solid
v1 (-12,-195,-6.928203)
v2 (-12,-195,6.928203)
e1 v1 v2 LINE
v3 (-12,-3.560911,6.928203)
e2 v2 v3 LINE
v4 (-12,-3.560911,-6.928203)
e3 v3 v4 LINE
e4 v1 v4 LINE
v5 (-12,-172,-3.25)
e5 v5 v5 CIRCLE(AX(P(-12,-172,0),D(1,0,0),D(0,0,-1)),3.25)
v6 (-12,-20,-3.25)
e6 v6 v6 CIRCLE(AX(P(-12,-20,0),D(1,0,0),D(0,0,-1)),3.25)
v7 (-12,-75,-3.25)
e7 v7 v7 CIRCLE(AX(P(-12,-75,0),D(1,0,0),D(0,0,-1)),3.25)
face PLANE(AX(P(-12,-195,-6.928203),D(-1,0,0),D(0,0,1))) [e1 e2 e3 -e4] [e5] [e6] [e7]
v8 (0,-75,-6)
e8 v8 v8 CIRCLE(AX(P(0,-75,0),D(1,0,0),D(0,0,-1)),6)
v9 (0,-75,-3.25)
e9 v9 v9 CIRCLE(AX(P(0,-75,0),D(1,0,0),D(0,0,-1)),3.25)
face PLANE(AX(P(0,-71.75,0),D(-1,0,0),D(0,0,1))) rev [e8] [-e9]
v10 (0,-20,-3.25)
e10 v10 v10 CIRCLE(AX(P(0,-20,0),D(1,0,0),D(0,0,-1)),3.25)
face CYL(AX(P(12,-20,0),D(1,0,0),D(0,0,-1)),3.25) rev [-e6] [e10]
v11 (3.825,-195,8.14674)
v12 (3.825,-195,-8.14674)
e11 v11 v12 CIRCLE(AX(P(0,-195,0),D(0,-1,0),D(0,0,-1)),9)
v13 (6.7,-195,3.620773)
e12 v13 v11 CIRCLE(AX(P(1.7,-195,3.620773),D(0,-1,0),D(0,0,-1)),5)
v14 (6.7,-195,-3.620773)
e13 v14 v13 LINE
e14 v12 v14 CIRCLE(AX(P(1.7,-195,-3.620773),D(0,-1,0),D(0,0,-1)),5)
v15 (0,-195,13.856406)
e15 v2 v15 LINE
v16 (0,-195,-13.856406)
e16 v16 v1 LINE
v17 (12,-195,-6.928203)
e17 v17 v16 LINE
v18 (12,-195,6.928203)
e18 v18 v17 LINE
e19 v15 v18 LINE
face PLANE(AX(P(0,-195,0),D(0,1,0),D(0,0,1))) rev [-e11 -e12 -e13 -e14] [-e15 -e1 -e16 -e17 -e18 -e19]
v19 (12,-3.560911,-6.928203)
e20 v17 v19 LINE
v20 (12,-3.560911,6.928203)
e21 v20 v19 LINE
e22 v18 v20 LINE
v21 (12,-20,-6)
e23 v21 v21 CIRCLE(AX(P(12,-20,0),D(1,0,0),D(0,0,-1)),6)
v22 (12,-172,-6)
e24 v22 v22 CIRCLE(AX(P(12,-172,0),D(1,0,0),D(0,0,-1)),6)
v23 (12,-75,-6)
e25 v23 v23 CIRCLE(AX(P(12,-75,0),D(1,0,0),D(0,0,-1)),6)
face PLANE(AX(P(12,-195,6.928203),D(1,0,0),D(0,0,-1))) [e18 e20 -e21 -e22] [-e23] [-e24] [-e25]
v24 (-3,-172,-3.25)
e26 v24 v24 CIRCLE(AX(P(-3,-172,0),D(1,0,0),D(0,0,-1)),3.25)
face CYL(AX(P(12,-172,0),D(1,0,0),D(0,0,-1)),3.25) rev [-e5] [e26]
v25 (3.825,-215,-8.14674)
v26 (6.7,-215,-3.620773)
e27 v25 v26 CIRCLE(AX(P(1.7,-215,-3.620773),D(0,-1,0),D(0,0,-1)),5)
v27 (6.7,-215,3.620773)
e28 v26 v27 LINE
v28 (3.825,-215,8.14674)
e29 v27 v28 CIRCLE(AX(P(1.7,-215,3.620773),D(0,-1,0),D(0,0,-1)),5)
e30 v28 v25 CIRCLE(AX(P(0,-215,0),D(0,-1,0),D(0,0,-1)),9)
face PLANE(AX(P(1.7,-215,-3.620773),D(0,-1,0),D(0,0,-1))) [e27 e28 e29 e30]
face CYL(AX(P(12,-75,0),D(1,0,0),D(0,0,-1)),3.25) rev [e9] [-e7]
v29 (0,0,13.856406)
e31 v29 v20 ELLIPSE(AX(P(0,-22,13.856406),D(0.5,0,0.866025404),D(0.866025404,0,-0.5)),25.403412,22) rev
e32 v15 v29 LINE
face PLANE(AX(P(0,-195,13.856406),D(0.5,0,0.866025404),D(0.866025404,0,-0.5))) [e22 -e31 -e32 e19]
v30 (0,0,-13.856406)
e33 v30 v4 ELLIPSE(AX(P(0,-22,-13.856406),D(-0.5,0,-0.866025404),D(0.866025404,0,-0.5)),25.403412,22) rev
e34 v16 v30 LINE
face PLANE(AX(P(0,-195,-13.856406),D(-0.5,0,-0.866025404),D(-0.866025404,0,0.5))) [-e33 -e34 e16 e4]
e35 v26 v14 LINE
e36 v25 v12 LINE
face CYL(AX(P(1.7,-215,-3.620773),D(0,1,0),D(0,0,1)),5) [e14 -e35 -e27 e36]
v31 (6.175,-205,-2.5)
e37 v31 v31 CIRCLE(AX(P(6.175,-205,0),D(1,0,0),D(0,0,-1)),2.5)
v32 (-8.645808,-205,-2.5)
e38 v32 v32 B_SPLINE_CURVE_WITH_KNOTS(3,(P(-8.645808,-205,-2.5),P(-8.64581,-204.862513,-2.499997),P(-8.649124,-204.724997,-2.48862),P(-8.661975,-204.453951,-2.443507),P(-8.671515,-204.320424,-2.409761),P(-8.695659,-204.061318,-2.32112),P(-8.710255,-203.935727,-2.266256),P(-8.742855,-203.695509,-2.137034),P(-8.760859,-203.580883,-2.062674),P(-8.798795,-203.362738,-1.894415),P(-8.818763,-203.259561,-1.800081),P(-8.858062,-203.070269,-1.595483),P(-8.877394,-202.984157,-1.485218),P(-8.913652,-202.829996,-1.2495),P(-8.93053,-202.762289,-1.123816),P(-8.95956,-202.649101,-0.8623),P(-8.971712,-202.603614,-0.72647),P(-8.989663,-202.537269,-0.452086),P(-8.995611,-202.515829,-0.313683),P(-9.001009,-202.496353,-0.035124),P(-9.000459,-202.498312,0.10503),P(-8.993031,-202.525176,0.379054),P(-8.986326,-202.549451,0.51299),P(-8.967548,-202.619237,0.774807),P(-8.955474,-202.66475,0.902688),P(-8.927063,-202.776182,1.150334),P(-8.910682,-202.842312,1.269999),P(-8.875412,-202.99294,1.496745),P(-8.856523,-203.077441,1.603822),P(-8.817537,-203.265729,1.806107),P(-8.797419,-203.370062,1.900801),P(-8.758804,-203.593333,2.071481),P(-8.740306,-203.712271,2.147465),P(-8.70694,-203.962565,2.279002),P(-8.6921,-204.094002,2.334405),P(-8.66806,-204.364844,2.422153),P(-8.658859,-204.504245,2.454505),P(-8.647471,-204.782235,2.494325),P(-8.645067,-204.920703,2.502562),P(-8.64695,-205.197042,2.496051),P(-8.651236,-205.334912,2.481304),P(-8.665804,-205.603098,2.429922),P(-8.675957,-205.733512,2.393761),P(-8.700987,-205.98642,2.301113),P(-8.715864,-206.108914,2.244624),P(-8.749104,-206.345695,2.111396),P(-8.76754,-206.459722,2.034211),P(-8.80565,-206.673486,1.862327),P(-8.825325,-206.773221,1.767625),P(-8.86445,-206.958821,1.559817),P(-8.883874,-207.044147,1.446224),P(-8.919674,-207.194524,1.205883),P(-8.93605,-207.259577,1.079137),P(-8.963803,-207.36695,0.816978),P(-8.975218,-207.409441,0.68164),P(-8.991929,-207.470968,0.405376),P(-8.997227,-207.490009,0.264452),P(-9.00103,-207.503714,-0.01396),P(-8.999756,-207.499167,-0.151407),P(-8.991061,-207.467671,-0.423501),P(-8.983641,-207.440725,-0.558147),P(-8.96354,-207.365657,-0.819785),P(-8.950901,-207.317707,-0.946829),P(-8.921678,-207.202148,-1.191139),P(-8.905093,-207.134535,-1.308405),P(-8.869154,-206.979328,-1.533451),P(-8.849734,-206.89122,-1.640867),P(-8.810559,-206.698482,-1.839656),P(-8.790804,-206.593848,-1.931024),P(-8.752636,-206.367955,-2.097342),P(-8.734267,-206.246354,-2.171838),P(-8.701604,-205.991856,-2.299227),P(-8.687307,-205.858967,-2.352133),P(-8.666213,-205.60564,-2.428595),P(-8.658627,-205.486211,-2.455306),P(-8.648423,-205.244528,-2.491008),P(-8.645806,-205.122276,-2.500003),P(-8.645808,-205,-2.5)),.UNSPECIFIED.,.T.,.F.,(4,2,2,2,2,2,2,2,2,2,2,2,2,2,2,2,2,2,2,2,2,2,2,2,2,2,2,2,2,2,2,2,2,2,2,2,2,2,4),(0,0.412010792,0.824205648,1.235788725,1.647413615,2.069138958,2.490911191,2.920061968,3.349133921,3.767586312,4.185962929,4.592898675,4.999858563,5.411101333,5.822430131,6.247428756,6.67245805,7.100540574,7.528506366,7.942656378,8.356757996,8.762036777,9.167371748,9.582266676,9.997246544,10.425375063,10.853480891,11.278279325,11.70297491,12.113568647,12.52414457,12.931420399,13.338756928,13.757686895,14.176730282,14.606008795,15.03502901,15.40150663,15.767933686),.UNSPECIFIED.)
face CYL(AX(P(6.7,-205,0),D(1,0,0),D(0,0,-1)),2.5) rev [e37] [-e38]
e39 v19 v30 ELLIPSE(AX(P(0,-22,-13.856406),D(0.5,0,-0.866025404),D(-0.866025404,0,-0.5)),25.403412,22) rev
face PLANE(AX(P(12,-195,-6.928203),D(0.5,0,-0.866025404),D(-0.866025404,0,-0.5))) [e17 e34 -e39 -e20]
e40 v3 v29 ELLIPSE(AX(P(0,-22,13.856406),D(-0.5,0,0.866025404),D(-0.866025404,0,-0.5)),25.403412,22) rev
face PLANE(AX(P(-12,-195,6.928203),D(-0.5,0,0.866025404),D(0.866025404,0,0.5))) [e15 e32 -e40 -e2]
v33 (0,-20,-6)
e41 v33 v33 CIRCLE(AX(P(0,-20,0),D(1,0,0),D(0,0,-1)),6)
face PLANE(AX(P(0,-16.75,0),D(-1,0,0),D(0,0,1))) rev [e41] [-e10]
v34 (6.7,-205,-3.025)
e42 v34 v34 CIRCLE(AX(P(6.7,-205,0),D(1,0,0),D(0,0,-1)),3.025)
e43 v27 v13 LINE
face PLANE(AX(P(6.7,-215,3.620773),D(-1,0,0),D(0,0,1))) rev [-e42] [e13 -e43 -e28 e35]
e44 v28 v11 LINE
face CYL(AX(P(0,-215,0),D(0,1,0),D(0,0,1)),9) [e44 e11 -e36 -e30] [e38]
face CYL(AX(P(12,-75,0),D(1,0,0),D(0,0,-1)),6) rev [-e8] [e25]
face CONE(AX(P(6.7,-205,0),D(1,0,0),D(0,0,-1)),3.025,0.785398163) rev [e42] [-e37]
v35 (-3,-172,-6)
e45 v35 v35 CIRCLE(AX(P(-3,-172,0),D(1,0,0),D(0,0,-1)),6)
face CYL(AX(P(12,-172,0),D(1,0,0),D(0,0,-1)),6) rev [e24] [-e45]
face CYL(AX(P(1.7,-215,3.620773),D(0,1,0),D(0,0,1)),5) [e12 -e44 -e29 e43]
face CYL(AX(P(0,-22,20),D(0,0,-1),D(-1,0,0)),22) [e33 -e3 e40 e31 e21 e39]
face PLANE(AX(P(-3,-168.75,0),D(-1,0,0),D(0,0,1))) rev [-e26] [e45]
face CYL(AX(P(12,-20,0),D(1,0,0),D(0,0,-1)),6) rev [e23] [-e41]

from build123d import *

# Parameters (mm, degrees)
EXTRUDE_1_DEPTH              = 195
EXTRUDE_2_DEPTH              = 20
CUT_EXTRUDE_5_DEPTH          = 20
CUT_EXTRUDE_5_DEPTH_BACK     = 20
HOLE_WIZARD_M6_1_D           = 5
HOLE_WIZARD_M6_1_CSINK_D     = 6.05
HOLE_WIZARD_M6_1_CSINK_ANGLE = 90
HOLE_WIZARD_1_D              = 6.5
HOLE_WIZARD_1_CBORE_D        = 12
HOLE_WIZARD_1_CBORE_DEPTH    = 15
HOLE_WIZARD_2_D              = 6.5
HOLE_WIZARD_2_CBORE_D        = 12
HOLE_WIZARD_2_CBORE_DEPTH    = 12


with BuildPart() as part:
    # 草图1 → 凸台-拉伸1 (new body)
    with BuildSketch(Plane(origin=(0, 0, 0), x_dir=(1, 0, 0), z_dir=(0, 1, 0))):
        Polygon((0, 13.856406461), (-12, 6.92820323), (-12, -6.92820323), (0, -13.856406461), (12, -6.92820323), (12, 6.92820323), align=None)
    extrude(amount=-EXTRUDE_1_DEPTH)

    # 草图3 → 凸台-拉伸2 (add)
    with BuildSketch(Plane.XZ.offset(195)):
        with BuildLine():
            Line((6.7, 3.620773398), (6.7, -3.620773398))
            ThreePointArc((6.7, -3.620773398), (5.920485754, -6.301724722), (3.825, -8.146740146))
            ThreePointArc((3.825, -8.146740146), (-9, 0), (3.825, 8.146740146))
            ThreePointArc((3.825, 8.146740146), (5.920485754, 6.301724722), (6.7, 3.620773398))
        make_face()
    extrude(amount=EXTRUDE_2_DEPTH)

    # 草图5 → 切除-拉伸5 (cut, two sides: drawn at the far end of the back side and taken through both)
    with BuildSketch(Plane.XY.offset(-CUT_EXTRUDE_5_DEPTH_BACK)):
        with BuildLine():
            ThreePointArc((0, 0), (6.258595844, -0.909007182), (12, -3.560911085))
            Line((12, -3.560911085), (25.347523703, 18.415156831))
            Line((25.347523703, 18.415156831), (-17.888682829, 19.552850293))
            Line((-17.888682829, 19.552850293), (-12, -3.560911085))
            ThreePointArc((-12, -3.560911085), (-6.258595844, -0.909007182), (0, 0))
        make_face()
    extrude(amount=CUT_EXTRUDE_5_DEPTH + CUT_EXTRUDE_5_DEPTH_BACK, mode=Mode.SUBTRACT)

    # M6 螺纹孔1 (through all)
    with Locations(Plane(origin=(6.7, 0, 0), x_dir=(0, 0, -1), z_dir=(1, 0, 0))):
        with Locations((0, -205)):
            CounterSinkHole(HOLE_WIZARD_M6_1_D / 2, HOLE_WIZARD_M6_1_CSINK_D / 2, counter_sink_angle=HOLE_WIZARD_M6_1_CSINK_ANGLE)

    # 孔1 (through all)
    with Locations(Plane(origin=(12, 0, 0), x_dir=(0, 0, -1), z_dir=(1, 0, 0))):
        with Locations((0, -172)):
            CounterBoreHole(HOLE_WIZARD_1_D / 2, HOLE_WIZARD_1_CBORE_D / 2, HOLE_WIZARD_1_CBORE_DEPTH)

    # 孔2 (through all)
    with Locations(Plane(origin=(12, 0, 0), x_dir=(0, 0, -1), z_dir=(1, 0, 0))):
        with Locations((0, -75), (0, -20)):
            CounterBoreHole(HOLE_WIZARD_2_D / 2, HOLE_WIZARD_2_CBORE_D / 2, HOLE_WIZARD_2_CBORE_DEPTH)


solid = part.part
